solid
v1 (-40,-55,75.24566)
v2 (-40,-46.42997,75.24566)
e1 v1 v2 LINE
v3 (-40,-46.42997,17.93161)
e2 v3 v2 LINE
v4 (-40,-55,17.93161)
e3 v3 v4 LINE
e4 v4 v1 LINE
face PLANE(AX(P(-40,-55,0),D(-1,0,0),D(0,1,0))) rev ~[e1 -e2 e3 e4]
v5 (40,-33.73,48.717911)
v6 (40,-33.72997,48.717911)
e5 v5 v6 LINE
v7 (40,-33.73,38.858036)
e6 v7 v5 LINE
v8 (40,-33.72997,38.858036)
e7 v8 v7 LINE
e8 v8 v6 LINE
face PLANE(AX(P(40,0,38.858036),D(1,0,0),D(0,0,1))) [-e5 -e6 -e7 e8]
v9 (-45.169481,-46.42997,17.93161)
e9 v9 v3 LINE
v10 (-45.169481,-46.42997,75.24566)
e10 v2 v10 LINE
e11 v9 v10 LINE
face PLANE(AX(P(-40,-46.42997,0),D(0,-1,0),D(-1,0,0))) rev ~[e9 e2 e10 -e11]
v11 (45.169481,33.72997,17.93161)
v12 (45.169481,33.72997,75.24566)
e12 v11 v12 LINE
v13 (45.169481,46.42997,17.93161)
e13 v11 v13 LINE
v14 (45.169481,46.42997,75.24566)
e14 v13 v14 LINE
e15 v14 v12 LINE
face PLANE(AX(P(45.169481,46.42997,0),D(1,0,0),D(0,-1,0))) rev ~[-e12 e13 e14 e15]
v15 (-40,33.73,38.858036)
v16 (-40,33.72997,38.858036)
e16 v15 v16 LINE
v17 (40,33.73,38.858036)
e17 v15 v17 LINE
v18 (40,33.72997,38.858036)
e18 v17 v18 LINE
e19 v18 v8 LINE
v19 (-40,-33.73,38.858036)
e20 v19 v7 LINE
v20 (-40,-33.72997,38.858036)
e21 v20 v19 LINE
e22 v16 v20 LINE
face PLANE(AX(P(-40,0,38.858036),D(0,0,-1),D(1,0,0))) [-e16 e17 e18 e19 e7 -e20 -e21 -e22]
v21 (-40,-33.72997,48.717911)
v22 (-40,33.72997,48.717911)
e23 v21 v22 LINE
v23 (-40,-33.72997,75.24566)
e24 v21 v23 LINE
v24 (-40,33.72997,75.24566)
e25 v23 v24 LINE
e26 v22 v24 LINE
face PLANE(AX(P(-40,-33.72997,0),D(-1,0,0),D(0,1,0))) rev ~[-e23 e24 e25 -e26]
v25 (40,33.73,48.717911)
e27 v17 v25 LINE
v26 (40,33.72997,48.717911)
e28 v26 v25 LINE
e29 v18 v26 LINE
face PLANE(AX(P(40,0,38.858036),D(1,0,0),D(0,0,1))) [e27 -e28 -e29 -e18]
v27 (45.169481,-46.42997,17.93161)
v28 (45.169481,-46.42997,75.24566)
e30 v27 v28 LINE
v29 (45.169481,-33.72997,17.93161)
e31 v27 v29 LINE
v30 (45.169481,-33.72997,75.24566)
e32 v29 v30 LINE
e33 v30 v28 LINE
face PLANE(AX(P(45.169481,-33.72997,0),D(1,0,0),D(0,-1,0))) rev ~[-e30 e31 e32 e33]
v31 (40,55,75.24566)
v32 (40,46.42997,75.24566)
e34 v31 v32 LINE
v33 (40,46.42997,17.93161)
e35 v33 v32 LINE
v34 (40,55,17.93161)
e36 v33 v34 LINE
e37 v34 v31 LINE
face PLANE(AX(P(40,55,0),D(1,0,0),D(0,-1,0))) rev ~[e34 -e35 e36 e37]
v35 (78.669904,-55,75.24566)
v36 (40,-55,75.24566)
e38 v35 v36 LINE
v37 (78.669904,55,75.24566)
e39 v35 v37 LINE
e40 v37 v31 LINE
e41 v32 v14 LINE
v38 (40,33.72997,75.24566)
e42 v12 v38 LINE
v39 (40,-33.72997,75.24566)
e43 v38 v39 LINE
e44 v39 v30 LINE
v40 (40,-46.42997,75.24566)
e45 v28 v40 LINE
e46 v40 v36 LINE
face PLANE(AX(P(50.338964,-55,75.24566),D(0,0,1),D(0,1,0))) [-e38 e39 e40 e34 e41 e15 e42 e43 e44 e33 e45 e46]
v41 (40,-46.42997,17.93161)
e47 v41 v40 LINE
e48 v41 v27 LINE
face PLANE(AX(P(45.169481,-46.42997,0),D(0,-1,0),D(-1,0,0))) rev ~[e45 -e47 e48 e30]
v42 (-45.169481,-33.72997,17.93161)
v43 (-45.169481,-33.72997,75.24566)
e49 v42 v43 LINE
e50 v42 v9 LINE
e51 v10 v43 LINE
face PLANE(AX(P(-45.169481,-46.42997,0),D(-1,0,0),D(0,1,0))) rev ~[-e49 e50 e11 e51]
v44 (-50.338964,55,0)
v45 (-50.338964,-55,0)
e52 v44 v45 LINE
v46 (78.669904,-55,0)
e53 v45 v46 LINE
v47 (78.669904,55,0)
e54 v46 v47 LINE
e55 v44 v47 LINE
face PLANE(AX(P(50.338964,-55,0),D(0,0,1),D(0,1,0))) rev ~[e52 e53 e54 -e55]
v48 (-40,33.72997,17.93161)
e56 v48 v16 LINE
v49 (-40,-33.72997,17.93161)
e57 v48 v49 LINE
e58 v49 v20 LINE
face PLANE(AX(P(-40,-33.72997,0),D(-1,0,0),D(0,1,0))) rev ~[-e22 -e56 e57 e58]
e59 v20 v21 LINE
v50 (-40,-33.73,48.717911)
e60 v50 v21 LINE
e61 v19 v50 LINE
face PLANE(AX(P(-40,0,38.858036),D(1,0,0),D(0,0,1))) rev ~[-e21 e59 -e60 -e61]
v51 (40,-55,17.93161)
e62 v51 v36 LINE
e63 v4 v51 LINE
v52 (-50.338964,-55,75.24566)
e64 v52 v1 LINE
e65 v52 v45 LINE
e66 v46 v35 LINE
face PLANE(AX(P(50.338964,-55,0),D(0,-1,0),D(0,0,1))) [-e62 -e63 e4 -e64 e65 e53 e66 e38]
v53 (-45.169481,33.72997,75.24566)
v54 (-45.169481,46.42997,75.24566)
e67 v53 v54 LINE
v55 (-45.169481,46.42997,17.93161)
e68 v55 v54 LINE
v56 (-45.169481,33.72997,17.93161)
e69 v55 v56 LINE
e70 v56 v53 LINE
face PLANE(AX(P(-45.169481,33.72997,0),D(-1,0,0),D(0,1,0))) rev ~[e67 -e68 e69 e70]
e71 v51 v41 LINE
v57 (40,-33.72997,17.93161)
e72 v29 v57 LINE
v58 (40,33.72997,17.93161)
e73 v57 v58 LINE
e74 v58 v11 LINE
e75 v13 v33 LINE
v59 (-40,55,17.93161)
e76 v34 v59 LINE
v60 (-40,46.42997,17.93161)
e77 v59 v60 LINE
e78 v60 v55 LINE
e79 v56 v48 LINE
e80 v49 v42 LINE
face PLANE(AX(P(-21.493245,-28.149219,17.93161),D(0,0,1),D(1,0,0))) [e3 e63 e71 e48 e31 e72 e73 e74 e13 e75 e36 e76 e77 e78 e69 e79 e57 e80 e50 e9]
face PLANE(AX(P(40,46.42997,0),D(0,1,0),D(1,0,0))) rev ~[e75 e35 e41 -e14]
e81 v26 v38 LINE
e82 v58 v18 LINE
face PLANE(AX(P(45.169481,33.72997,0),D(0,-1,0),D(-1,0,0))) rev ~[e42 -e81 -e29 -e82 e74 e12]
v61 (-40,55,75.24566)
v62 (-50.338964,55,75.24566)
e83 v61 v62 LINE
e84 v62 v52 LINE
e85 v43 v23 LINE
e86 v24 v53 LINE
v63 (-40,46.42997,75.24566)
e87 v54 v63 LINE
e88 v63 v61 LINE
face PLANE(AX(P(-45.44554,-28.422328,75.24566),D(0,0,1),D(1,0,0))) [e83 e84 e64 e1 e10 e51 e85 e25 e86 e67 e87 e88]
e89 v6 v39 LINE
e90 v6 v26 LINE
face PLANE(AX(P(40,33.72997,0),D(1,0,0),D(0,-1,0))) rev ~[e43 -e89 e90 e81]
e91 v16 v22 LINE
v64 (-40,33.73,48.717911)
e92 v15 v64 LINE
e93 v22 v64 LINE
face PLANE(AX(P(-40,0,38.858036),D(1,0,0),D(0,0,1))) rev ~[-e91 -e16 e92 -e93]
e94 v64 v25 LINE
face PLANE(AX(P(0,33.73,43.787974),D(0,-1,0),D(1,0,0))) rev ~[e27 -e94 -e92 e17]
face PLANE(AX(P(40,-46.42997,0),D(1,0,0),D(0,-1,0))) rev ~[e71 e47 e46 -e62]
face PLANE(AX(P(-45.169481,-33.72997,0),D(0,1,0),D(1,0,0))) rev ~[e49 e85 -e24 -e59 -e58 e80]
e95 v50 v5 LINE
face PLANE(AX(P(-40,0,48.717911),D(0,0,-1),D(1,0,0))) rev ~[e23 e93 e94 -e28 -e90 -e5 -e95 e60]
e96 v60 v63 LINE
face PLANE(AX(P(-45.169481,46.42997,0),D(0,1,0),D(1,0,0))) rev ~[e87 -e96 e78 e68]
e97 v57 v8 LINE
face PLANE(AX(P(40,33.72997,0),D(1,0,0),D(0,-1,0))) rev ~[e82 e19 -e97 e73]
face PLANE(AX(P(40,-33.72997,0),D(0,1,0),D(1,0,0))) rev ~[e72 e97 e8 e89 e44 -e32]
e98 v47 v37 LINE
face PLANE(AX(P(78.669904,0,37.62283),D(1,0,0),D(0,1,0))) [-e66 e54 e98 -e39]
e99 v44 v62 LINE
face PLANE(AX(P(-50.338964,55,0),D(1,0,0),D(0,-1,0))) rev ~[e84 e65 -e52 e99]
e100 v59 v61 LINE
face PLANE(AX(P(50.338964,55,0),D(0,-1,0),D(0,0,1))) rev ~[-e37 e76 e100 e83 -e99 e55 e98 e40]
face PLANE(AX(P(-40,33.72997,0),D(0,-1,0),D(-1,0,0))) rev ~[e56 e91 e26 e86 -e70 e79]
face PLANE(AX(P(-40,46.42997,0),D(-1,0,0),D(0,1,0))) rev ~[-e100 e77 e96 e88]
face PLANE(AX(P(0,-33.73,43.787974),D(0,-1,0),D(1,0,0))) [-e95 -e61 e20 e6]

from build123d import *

# Parameters (mm, degrees)
F1_DEPTH  = 17.93161
F2_DEPTH  = 75.24566
F3_W      = 80
F3_H      = 9.859875
F4_DEPTH  = 33.73
F2_FACE_W = 110
F2_FACE_H = 75.24566
F5_DEPTH  = 28.33094


with BuildPart() as f1:
    # F0 (on Top) → F1 (new body)
    with BuildSketch(Plane.XY):
        Polygon((-40, -55), (0, -55), (0, 0), (-40, 0), (-40, -33.72997), (-45.169481, -33.72997), (-45.169481, -46.42997), (-40, -46.42997), align=None)
        Polygon((0, 0), (0, -55), (40, -55), (40, -46.42997), (45.169481, -46.42997), (45.169481, -33.72997), (40, -33.72997), (40, 0), align=None)
        Polygon((-40, 0), (0, 0), (0, 55), (-40, 55), (-40, 46.42997), (-45.169481, 46.42997), (-45.169481, 33.72997), (-40, 33.72997), align=None)
        Polygon((0, 55), (0, 0), (40, 0), (40, 33.72997), (45.169481, 33.72997), (45.169481, 46.42997), (40, 46.42997), (40, 55), align=None)
        Polygon((-50.338964, -55), (-40, -55), (-40, -46.42997), (-45.169481, -46.42997), (-45.169481, -33.72997), (-40, -33.72997), (-40, 0), (-50.338964, 0), align=None)
        Polygon((40, -46.42997), (40, -55), (50.338964, -55), (50.338964, 0), (40, 0), (40, -33.72997), (45.169481, -33.72997), (45.169481, -46.42997), align=None)
        Polygon((40, 33.72997), (40, 0), (50.338964, 0), (50.338964, 55), (40, 55), (40, 46.42997), (45.169481, 46.42997), (45.169481, 33.72997), align=None)
        Polygon((-50.338964, 0), (-40, 0), (-40, 33.72997), (-45.169481, 33.72997), (-45.169481, 46.42997), (-40, 46.42997), (-40, 55), (-50.338964, 55), align=None)
    extrude(amount=F1_DEPTH)

    # F0 (on Top) → F2 (join)
    with BuildSketch(Plane.XY):
        Polygon((40, -46.42997), (40, -55), (50.338964, -55), (50.338964, 0), (40, 0), (40, -33.72997), (45.169481, -33.72997), (45.169481, -46.42997), align=None)
        Polygon((-50.338964, -55), (-40, -55), (-40, -46.42997), (-45.169481, -46.42997), (-45.169481, -33.72997), (-40, -33.72997), (-40, 0), (-50.338964, 0), align=None)
        Polygon((-50.338964, 0), (-40, 0), (-40, 33.72997), (-45.169481, 33.72997), (-45.169481, 46.42997), (-40, 46.42997), (-40, 55), (-50.338964, 55), align=None)
        Polygon((40, 33.72997), (40, 0), (50.338964, 0), (50.338964, 55), (40, 55), (40, 46.42997), (45.169481, 46.42997), (45.169481, 33.72997), align=None)
    extrude(amount=F2_DEPTH)

    # F3 (on Front) → F4 (join, symmetric)
    with BuildSketch(Plane.XZ):
        with Locations((0, 43.787974)):
            Rectangle(F3_W, F3_H)
    extrude(amount=F4_DEPTH, both=True)

    # F2_face (on face) → F5 (join)
    with BuildSketch(Plane(origin=(50.338964, 0, 37.62283), x_dir=(0, 1, 0), z_dir=(1, 0, 0))):
        Rectangle(F2_FACE_W, F2_FACE_H)
    extrude(amount=F5_DEPTH)


solid = f1.part
